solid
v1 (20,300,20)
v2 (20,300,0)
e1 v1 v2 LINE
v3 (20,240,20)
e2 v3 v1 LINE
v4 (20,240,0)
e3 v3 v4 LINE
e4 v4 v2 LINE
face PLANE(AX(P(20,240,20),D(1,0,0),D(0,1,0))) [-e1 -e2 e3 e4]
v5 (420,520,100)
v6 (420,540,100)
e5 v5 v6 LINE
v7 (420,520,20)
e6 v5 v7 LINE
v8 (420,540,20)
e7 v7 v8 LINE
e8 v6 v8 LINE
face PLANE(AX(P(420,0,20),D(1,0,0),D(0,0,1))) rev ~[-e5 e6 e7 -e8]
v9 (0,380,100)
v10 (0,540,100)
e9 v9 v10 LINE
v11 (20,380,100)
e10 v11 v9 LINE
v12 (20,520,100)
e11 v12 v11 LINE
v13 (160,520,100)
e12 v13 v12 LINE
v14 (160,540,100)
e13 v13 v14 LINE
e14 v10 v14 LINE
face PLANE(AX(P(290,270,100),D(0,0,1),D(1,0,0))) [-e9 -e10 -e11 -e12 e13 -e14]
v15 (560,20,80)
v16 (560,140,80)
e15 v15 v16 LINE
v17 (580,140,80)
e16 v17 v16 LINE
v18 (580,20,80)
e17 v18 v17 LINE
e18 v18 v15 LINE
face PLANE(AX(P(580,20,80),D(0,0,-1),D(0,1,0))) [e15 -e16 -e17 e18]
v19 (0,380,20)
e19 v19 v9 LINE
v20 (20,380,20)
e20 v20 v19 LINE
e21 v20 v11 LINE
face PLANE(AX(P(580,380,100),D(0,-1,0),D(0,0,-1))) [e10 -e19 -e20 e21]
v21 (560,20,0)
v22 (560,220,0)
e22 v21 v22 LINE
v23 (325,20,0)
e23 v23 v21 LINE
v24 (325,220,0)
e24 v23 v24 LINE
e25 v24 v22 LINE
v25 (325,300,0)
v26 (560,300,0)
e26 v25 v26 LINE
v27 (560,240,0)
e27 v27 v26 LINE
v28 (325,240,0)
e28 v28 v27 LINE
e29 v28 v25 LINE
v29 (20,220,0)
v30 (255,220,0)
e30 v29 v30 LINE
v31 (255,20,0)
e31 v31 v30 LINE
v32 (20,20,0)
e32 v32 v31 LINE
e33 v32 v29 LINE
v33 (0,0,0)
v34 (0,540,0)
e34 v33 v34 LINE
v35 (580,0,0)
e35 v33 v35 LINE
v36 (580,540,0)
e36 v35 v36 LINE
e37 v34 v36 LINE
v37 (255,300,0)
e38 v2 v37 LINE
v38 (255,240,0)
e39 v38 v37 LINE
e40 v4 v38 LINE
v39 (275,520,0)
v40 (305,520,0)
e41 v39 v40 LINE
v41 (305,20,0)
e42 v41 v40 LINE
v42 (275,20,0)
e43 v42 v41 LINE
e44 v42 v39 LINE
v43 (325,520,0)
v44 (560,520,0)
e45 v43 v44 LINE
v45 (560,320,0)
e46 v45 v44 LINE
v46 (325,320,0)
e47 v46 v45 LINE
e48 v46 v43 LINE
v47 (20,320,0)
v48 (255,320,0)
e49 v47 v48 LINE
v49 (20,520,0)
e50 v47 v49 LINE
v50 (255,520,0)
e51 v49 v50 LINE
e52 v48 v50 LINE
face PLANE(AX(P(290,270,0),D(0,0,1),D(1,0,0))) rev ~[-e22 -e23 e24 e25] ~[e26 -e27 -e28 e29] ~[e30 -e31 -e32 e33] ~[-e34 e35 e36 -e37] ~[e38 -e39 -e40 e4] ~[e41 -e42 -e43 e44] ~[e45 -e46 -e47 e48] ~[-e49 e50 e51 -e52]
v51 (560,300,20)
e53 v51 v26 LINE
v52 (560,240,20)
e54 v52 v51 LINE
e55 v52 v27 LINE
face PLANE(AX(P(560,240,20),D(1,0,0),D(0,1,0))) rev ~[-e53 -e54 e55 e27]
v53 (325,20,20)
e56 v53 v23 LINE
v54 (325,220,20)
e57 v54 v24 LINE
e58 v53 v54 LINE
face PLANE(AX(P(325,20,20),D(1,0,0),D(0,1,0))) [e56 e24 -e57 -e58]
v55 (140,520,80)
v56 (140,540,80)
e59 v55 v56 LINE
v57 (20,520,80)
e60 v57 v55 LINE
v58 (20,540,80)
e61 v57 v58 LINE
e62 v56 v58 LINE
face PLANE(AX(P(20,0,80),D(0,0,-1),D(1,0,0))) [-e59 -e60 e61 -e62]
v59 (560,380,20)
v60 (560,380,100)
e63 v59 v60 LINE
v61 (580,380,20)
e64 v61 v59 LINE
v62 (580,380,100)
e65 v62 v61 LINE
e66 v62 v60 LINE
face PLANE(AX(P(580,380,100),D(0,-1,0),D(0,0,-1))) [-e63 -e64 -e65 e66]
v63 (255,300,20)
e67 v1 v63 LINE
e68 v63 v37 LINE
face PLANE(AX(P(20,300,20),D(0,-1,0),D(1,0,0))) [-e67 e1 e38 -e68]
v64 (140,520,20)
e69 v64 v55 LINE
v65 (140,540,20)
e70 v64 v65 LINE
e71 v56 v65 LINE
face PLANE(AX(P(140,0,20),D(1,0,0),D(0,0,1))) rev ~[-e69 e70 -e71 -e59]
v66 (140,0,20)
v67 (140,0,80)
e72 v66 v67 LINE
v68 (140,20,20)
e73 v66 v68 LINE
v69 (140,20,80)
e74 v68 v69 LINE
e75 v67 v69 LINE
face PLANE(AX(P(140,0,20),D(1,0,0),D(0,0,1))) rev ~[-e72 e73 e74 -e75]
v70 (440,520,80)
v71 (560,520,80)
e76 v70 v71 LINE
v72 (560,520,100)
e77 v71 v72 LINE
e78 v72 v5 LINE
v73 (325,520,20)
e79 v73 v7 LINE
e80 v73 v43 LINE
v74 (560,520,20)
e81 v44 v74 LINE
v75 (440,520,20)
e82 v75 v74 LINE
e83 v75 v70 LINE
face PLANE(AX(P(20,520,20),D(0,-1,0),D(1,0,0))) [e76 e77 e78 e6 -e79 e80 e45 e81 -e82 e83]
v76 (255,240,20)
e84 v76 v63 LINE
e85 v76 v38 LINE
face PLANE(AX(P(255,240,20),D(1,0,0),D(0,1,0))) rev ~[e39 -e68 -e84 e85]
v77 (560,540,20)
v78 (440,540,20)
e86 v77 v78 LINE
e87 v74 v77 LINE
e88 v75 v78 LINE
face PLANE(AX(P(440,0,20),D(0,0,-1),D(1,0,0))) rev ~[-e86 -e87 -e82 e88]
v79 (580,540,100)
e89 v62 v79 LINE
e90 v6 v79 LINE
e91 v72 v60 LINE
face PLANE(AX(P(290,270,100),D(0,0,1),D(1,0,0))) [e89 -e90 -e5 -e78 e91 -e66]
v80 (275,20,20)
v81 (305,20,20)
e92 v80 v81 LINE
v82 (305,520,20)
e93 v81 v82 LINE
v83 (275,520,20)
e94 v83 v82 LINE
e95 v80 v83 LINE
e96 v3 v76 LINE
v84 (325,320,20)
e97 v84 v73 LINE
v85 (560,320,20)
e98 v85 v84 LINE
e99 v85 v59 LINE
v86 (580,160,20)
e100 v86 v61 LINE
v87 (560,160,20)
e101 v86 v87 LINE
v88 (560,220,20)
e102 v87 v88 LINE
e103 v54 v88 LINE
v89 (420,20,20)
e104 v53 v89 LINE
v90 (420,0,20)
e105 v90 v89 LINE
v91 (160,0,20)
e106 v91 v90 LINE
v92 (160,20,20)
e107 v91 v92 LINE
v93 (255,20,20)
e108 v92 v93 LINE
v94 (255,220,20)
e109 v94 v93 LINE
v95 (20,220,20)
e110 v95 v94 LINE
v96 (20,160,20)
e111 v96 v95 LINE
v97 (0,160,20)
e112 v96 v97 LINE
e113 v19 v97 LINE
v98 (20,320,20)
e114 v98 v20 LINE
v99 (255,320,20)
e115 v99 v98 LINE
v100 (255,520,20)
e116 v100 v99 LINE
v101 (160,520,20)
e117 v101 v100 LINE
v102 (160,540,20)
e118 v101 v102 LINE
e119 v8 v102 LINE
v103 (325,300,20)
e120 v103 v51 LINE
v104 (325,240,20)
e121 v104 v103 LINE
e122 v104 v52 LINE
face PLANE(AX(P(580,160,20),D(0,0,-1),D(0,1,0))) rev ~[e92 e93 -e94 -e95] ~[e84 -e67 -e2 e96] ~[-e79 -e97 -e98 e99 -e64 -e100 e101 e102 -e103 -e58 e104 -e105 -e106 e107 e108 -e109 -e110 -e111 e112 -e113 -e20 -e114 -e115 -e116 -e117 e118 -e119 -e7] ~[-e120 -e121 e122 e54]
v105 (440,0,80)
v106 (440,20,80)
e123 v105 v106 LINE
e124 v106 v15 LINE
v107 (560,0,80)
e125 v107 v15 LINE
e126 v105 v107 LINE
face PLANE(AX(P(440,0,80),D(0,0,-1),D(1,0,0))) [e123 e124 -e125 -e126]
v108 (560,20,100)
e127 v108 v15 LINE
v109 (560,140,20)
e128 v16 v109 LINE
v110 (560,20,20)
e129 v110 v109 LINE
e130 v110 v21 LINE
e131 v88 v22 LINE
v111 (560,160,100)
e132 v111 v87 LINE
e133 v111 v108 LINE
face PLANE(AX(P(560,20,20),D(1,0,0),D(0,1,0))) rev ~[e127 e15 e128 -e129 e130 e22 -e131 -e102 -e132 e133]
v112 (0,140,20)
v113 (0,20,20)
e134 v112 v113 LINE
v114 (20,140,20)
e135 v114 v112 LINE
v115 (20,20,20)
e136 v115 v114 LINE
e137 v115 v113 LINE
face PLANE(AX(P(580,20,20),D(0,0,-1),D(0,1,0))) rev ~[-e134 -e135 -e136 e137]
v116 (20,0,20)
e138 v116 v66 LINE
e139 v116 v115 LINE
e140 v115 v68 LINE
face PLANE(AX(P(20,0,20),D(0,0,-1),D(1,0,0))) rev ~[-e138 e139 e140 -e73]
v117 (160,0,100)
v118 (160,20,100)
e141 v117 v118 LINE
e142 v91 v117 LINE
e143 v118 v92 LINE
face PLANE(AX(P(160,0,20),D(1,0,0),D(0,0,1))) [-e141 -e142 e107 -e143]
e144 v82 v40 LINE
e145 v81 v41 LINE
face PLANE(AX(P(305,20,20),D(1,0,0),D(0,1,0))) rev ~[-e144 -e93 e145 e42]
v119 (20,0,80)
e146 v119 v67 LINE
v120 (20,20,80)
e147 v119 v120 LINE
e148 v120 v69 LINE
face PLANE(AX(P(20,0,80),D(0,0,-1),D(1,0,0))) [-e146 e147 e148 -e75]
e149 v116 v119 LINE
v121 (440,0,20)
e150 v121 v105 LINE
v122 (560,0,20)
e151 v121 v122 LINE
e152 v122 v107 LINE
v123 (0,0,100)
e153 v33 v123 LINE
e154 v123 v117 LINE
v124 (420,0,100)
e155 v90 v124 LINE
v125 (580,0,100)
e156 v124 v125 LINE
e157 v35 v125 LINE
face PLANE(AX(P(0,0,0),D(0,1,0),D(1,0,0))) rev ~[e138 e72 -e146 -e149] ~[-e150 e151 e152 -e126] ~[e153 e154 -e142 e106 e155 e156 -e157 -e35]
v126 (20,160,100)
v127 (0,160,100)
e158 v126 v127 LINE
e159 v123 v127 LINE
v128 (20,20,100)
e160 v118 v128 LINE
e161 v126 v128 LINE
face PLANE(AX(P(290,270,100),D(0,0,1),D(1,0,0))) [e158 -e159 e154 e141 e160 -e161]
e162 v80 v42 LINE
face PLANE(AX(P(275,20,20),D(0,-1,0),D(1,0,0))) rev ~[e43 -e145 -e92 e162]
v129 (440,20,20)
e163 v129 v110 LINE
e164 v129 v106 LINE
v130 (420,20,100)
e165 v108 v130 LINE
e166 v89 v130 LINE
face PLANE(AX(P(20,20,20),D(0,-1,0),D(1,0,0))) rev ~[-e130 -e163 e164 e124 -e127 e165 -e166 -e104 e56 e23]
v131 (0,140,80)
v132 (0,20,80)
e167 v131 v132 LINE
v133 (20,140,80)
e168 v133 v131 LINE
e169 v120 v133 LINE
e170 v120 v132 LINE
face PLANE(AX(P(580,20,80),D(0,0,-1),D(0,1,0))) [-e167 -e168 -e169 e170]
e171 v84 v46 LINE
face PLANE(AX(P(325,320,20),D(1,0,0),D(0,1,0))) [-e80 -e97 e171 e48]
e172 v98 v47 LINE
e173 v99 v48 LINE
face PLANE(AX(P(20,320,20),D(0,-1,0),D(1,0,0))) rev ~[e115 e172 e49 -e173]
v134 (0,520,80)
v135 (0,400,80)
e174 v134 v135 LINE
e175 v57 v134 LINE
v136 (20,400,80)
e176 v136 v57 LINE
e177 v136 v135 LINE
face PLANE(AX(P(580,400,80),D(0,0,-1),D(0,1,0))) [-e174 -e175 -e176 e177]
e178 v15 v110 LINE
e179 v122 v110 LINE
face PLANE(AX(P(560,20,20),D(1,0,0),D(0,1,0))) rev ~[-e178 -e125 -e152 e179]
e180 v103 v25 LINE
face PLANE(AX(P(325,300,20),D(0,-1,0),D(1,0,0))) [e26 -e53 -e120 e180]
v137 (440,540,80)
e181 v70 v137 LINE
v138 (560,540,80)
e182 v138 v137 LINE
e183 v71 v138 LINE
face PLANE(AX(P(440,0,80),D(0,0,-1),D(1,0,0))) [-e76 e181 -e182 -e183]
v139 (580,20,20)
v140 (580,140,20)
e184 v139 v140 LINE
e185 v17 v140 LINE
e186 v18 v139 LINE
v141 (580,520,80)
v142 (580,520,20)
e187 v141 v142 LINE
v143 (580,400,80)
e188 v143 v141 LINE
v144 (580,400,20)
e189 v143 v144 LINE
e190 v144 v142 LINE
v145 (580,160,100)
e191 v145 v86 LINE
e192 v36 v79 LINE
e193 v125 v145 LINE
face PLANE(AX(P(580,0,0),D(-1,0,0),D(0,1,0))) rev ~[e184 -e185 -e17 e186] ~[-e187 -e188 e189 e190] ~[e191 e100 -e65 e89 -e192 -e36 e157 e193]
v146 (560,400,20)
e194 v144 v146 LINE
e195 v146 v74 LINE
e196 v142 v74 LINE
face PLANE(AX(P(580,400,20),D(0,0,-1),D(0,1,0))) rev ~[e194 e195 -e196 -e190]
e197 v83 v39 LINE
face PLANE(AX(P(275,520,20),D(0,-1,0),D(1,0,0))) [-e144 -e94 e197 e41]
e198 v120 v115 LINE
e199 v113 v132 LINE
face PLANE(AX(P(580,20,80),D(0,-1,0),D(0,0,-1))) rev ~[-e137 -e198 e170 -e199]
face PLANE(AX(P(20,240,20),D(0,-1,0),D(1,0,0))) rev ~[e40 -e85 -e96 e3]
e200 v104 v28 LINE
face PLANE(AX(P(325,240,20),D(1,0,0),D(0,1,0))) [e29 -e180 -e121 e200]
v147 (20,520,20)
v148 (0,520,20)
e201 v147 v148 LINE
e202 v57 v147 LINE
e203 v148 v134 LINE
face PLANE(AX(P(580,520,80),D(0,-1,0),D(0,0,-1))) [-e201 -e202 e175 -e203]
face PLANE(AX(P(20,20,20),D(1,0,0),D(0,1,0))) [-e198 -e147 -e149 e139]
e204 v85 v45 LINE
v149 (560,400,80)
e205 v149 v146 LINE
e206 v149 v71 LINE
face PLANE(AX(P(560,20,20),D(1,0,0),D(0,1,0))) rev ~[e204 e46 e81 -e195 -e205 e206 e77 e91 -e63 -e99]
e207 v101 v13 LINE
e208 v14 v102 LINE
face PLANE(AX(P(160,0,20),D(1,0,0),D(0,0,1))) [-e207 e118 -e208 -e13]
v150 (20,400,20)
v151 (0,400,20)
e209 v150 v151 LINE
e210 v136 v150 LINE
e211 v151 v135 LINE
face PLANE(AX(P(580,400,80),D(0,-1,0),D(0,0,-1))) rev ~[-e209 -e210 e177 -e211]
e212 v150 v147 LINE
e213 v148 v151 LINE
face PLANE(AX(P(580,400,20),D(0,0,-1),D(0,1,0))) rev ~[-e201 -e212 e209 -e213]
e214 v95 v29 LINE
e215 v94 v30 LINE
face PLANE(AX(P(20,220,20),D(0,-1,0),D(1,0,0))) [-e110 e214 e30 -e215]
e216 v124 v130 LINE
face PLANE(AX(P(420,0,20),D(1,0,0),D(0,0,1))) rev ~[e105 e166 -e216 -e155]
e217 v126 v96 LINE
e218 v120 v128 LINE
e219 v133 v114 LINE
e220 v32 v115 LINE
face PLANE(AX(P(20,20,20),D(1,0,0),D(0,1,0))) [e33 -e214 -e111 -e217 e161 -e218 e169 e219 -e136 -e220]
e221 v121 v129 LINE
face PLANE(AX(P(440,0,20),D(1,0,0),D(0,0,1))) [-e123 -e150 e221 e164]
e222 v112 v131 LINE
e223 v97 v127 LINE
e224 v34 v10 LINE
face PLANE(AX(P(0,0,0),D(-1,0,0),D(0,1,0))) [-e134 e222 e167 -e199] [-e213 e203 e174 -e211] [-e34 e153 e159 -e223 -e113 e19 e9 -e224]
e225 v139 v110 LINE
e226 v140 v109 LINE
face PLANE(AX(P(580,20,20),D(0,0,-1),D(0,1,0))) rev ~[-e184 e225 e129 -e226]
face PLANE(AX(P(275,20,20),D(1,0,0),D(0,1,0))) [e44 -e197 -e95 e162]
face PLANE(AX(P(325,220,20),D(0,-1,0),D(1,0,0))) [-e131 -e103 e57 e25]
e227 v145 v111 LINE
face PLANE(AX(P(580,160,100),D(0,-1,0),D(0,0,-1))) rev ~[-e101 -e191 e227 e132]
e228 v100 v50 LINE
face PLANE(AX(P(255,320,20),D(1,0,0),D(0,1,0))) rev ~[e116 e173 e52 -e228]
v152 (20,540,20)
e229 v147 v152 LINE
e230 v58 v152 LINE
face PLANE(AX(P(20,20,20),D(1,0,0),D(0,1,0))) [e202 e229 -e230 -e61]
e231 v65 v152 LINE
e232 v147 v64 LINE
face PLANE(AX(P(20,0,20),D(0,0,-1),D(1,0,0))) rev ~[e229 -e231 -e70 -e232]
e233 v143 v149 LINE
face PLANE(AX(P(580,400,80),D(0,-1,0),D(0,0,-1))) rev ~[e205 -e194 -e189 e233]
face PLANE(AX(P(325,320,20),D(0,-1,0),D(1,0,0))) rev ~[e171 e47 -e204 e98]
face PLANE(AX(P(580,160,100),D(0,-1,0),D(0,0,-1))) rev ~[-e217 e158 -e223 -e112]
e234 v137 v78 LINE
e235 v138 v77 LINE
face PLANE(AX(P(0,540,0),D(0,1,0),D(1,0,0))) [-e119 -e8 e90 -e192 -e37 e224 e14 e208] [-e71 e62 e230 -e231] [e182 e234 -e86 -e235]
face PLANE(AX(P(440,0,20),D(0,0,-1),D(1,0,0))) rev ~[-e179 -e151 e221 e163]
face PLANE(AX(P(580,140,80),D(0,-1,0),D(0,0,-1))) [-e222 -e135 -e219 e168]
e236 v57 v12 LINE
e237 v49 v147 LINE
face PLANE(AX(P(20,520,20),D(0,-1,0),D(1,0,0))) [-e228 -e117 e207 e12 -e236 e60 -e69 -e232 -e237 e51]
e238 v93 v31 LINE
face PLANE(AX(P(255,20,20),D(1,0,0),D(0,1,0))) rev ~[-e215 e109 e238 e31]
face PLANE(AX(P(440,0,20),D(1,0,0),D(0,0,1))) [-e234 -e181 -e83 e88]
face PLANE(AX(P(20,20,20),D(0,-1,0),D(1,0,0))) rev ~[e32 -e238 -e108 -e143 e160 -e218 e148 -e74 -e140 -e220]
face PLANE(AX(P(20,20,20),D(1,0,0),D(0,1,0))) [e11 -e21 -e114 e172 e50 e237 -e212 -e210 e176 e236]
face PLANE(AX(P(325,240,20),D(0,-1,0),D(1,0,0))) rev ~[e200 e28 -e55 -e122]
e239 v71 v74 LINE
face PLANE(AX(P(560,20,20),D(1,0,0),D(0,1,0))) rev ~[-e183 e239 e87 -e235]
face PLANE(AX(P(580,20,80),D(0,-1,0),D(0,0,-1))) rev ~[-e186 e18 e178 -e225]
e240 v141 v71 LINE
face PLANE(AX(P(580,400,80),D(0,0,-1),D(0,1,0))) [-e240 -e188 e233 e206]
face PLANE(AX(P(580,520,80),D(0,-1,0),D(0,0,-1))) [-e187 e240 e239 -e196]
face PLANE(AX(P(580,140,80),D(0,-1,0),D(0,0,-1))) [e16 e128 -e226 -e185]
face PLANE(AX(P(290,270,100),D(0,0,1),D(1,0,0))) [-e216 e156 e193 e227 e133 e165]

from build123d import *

# Parameters (mm, degrees)
SKETCH_1_W                       = 580
SKETCH_1_H                       = 540
EXTRUDE_1_DEPTH                  = 100
SHELL_1_T                        = -20
SKETCH_2_W                       = 235
SKETCH_2_H                       = 200
CUT_EXTRUDE_1_DEPTH              = 43
PATTERN_LINEAR_1_COUNT           = 2
PATTERN_LINEAR_1_PITCH           = 305
PATTERN_LINEAR_2_COUNT           = 2
PATTERN_LINEAR_2_PITCH           = 300
PATTERN_LINEAR_3_COPY_1_SKETCH_W = 235
PATTERN_LINEAR_3_COPY_1_SKETCH_H = 200
PATTERN_LINEAR_3_COPY_1_DEPTH    = 43
PATTERN_LINEAR_3_COPY_2_SKETCH_W = 235
PATTERN_LINEAR_3_COPY_2_SKETCH_H = 200
PATTERN_LINEAR_3_COPY_2_DEPTH    = 43
SKETCH_4_W                       = 260
SKETCH_4_H                       = 80
CUT_EXTRUDE_2_DEPTH              = 549
SKETCH_6_W                       = 80
SKETCH_6_H                       = 220
CUT_EXTRUDE_3_DEPTH              = 614
SKETCH_8_W                       = 120
SKETCH_8_H                       = 60
CUT_EXTRUDE_4_DEPTH              = 614
SKETCH_10_W                      = 120
SKETCH_10_H                      = 60
CUT_EXTRUDE_5_DEPTH              = 614
SKETCH_12_W                      = 60
SKETCH_12_H                      = 120
CUT_EXTRUDE_6_DEPTH              = 602
SKETCH_13_W                      = 60
SKETCH_13_H                      = 120
CUT_EXTRUDE_7_DEPTH              = 602
SKETCH_15_W                      = 30
SKETCH_15_H                      = 500
CUT_EXTRUDE_8_DEPTH              = 66
SKETCH_18_W                      = 235
SKETCH_18_H                      = 60
CUT_EXTRUDE_11_DEPTH             = 41
SKETCH_21_W                      = 235
SKETCH_21_H                      = 60
CUT_EXTRUDE_13_DEPTH             = 72


with BuildPart() as part:
    # 草图1 → 凸台-拉伸1 (new body)
    with BuildSketch(Plane.XY):
        with Locations((290, 270)):
            Rectangle(SKETCH_1_W, SKETCH_1_H)
    extrude(amount=EXTRUDE_1_DEPTH)

    # 抽壳1
    shell_1_openings = [part.faces().sort_by_distance(p)[0] for p in [
        (290, 270, 100),
    ]]
    offset(amount=SHELL_1_T, openings=shell_1_openings, kind=Kind.INTERSECTION)

    # 草图2 → 切除-拉伸1 (cut)
    with BuildSketch(Plane.XY.offset(20)):
        with Locations((442.5, 120)):
            Rectangle(SKETCH_2_W, SKETCH_2_H)
    cut_extrude_1 = extrude(amount=-CUT_EXTRUDE_1_DEPTH, mode=Mode.SUBTRACT)

    # 阵列(线性)1: 切除-拉伸1 ×2
    with Locations(*[(-i * PATTERN_LINEAR_1_PITCH, 0, 0) for i in range(1, PATTERN_LINEAR_1_COUNT)]):
        add(cut_extrude_1, mode=Mode.SUBTRACT)

    # 阵列(线性)2: 切除-拉伸1 ×2
    with Locations(*[(0, i * PATTERN_LINEAR_2_PITCH, 0) for i in range(1, PATTERN_LINEAR_2_COUNT)]):
        add(cut_extrude_1, mode=Mode.SUBTRACT)

    # 阵列(线性)3 copy 1 sketch → 阵列(线性)3 copy 1 (cut)
    with BuildSketch(Plane(origin=(-305, 300, 20), x_dir=(1, 0, 0), z_dir=(0, 0, 1))):
        with Locations((442.5, 120)):
            Rectangle(PATTERN_LINEAR_3_COPY_1_SKETCH_W, PATTERN_LINEAR_3_COPY_1_SKETCH_H)
    extrude(amount=-PATTERN_LINEAR_3_COPY_1_DEPTH, mode=Mode.SUBTRACT)

    # 阵列(线性)3 copy 2 sketch → 阵列(线性)3 copy 2 (cut)
    with BuildSketch(Plane(origin=(0, 300, 20), x_dir=(1, 0, 0), z_dir=(0, 0, 1))):
        with Locations((442.5, 120)):
            Rectangle(PATTERN_LINEAR_3_COPY_2_SKETCH_W, PATTERN_LINEAR_3_COPY_2_SKETCH_H)
    extrude(amount=-PATTERN_LINEAR_3_COPY_2_DEPTH, mode=Mode.SUBTRACT)

    # 草图4 → 切除-拉伸2 (cut)
    with BuildSketch(Plane.XZ):
        with Locations((290, 60)):
            Rectangle(SKETCH_4_W, SKETCH_4_H)
    extrude(amount=-CUT_EXTRUDE_2_DEPTH, mode=Mode.SUBTRACT)

    # 草图6 → 切除-拉伸3 (cut)
    with BuildSketch(Plane(origin=(580, 0, 0), x_dir=(0, 0, -1), z_dir=(1, 0, 0))):
        with Locations((-60, 270)):
            Rectangle(SKETCH_6_W, SKETCH_6_H)
    extrude(amount=-CUT_EXTRUDE_3_DEPTH, mode=Mode.SUBTRACT)

    # 草图8 → 切除-拉伸4 (cut)
    with BuildSketch(Plane.XZ):
        with Locations((80, 50)):
            Rectangle(SKETCH_8_W, SKETCH_8_H)
    extrude(amount=-CUT_EXTRUDE_4_DEPTH, mode=Mode.SUBTRACT)

    # 草图10 → 切除-拉伸5 (cut)
    with BuildSketch(Plane.XZ):
        with Locations((500, 50)):
            Rectangle(SKETCH_10_W, SKETCH_10_H)
    extrude(amount=-CUT_EXTRUDE_5_DEPTH, mode=Mode.SUBTRACT)

    # 草图12 → 切除-拉伸6 (cut)
    with BuildSketch(Plane(origin=(580, 0, 0), x_dir=(0, 0, -1), z_dir=(1, 0, 0))):
        with Locations((-50, 460)):
            Rectangle(SKETCH_12_W, SKETCH_12_H)
    extrude(amount=-CUT_EXTRUDE_6_DEPTH, mode=Mode.SUBTRACT)

    # 草图13 → 切除-拉伸7 (cut)
    with BuildSketch(Plane(origin=(580, 0, 0), x_dir=(0, 0, -1), z_dir=(1, 0, 0))):
        with Locations((-50, 80)):
            Rectangle(SKETCH_13_W, SKETCH_13_H)
    extrude(amount=-CUT_EXTRUDE_7_DEPTH, mode=Mode.SUBTRACT)

    # 草图15 → 切除-拉伸8 (cut)
    with BuildSketch(Plane.XY.offset(20)):
        with Locations((290, 270)):
            Rectangle(SKETCH_15_W, SKETCH_15_H)
    extrude(amount=-CUT_EXTRUDE_8_DEPTH, mode=Mode.SUBTRACT)

    # 草图18 → 切除-拉伸11 (cut)
    with BuildSketch(Plane.XY.offset(20)):
        with Locations((137.5, 270)):
            Rectangle(SKETCH_18_W, SKETCH_18_H)
    extrude(amount=-CUT_EXTRUDE_11_DEPTH, mode=Mode.SUBTRACT)

    # 草图21 → 切除-拉伸13 (cut)
    with BuildSketch(Plane.XY.offset(20)):
        with Locations((442.5, 270)):
            Rectangle(SKETCH_21_W, SKETCH_21_H)
    extrude(amount=-CUT_EXTRUDE_13_DEPTH, mode=Mode.SUBTRACT)


solid = part.part
